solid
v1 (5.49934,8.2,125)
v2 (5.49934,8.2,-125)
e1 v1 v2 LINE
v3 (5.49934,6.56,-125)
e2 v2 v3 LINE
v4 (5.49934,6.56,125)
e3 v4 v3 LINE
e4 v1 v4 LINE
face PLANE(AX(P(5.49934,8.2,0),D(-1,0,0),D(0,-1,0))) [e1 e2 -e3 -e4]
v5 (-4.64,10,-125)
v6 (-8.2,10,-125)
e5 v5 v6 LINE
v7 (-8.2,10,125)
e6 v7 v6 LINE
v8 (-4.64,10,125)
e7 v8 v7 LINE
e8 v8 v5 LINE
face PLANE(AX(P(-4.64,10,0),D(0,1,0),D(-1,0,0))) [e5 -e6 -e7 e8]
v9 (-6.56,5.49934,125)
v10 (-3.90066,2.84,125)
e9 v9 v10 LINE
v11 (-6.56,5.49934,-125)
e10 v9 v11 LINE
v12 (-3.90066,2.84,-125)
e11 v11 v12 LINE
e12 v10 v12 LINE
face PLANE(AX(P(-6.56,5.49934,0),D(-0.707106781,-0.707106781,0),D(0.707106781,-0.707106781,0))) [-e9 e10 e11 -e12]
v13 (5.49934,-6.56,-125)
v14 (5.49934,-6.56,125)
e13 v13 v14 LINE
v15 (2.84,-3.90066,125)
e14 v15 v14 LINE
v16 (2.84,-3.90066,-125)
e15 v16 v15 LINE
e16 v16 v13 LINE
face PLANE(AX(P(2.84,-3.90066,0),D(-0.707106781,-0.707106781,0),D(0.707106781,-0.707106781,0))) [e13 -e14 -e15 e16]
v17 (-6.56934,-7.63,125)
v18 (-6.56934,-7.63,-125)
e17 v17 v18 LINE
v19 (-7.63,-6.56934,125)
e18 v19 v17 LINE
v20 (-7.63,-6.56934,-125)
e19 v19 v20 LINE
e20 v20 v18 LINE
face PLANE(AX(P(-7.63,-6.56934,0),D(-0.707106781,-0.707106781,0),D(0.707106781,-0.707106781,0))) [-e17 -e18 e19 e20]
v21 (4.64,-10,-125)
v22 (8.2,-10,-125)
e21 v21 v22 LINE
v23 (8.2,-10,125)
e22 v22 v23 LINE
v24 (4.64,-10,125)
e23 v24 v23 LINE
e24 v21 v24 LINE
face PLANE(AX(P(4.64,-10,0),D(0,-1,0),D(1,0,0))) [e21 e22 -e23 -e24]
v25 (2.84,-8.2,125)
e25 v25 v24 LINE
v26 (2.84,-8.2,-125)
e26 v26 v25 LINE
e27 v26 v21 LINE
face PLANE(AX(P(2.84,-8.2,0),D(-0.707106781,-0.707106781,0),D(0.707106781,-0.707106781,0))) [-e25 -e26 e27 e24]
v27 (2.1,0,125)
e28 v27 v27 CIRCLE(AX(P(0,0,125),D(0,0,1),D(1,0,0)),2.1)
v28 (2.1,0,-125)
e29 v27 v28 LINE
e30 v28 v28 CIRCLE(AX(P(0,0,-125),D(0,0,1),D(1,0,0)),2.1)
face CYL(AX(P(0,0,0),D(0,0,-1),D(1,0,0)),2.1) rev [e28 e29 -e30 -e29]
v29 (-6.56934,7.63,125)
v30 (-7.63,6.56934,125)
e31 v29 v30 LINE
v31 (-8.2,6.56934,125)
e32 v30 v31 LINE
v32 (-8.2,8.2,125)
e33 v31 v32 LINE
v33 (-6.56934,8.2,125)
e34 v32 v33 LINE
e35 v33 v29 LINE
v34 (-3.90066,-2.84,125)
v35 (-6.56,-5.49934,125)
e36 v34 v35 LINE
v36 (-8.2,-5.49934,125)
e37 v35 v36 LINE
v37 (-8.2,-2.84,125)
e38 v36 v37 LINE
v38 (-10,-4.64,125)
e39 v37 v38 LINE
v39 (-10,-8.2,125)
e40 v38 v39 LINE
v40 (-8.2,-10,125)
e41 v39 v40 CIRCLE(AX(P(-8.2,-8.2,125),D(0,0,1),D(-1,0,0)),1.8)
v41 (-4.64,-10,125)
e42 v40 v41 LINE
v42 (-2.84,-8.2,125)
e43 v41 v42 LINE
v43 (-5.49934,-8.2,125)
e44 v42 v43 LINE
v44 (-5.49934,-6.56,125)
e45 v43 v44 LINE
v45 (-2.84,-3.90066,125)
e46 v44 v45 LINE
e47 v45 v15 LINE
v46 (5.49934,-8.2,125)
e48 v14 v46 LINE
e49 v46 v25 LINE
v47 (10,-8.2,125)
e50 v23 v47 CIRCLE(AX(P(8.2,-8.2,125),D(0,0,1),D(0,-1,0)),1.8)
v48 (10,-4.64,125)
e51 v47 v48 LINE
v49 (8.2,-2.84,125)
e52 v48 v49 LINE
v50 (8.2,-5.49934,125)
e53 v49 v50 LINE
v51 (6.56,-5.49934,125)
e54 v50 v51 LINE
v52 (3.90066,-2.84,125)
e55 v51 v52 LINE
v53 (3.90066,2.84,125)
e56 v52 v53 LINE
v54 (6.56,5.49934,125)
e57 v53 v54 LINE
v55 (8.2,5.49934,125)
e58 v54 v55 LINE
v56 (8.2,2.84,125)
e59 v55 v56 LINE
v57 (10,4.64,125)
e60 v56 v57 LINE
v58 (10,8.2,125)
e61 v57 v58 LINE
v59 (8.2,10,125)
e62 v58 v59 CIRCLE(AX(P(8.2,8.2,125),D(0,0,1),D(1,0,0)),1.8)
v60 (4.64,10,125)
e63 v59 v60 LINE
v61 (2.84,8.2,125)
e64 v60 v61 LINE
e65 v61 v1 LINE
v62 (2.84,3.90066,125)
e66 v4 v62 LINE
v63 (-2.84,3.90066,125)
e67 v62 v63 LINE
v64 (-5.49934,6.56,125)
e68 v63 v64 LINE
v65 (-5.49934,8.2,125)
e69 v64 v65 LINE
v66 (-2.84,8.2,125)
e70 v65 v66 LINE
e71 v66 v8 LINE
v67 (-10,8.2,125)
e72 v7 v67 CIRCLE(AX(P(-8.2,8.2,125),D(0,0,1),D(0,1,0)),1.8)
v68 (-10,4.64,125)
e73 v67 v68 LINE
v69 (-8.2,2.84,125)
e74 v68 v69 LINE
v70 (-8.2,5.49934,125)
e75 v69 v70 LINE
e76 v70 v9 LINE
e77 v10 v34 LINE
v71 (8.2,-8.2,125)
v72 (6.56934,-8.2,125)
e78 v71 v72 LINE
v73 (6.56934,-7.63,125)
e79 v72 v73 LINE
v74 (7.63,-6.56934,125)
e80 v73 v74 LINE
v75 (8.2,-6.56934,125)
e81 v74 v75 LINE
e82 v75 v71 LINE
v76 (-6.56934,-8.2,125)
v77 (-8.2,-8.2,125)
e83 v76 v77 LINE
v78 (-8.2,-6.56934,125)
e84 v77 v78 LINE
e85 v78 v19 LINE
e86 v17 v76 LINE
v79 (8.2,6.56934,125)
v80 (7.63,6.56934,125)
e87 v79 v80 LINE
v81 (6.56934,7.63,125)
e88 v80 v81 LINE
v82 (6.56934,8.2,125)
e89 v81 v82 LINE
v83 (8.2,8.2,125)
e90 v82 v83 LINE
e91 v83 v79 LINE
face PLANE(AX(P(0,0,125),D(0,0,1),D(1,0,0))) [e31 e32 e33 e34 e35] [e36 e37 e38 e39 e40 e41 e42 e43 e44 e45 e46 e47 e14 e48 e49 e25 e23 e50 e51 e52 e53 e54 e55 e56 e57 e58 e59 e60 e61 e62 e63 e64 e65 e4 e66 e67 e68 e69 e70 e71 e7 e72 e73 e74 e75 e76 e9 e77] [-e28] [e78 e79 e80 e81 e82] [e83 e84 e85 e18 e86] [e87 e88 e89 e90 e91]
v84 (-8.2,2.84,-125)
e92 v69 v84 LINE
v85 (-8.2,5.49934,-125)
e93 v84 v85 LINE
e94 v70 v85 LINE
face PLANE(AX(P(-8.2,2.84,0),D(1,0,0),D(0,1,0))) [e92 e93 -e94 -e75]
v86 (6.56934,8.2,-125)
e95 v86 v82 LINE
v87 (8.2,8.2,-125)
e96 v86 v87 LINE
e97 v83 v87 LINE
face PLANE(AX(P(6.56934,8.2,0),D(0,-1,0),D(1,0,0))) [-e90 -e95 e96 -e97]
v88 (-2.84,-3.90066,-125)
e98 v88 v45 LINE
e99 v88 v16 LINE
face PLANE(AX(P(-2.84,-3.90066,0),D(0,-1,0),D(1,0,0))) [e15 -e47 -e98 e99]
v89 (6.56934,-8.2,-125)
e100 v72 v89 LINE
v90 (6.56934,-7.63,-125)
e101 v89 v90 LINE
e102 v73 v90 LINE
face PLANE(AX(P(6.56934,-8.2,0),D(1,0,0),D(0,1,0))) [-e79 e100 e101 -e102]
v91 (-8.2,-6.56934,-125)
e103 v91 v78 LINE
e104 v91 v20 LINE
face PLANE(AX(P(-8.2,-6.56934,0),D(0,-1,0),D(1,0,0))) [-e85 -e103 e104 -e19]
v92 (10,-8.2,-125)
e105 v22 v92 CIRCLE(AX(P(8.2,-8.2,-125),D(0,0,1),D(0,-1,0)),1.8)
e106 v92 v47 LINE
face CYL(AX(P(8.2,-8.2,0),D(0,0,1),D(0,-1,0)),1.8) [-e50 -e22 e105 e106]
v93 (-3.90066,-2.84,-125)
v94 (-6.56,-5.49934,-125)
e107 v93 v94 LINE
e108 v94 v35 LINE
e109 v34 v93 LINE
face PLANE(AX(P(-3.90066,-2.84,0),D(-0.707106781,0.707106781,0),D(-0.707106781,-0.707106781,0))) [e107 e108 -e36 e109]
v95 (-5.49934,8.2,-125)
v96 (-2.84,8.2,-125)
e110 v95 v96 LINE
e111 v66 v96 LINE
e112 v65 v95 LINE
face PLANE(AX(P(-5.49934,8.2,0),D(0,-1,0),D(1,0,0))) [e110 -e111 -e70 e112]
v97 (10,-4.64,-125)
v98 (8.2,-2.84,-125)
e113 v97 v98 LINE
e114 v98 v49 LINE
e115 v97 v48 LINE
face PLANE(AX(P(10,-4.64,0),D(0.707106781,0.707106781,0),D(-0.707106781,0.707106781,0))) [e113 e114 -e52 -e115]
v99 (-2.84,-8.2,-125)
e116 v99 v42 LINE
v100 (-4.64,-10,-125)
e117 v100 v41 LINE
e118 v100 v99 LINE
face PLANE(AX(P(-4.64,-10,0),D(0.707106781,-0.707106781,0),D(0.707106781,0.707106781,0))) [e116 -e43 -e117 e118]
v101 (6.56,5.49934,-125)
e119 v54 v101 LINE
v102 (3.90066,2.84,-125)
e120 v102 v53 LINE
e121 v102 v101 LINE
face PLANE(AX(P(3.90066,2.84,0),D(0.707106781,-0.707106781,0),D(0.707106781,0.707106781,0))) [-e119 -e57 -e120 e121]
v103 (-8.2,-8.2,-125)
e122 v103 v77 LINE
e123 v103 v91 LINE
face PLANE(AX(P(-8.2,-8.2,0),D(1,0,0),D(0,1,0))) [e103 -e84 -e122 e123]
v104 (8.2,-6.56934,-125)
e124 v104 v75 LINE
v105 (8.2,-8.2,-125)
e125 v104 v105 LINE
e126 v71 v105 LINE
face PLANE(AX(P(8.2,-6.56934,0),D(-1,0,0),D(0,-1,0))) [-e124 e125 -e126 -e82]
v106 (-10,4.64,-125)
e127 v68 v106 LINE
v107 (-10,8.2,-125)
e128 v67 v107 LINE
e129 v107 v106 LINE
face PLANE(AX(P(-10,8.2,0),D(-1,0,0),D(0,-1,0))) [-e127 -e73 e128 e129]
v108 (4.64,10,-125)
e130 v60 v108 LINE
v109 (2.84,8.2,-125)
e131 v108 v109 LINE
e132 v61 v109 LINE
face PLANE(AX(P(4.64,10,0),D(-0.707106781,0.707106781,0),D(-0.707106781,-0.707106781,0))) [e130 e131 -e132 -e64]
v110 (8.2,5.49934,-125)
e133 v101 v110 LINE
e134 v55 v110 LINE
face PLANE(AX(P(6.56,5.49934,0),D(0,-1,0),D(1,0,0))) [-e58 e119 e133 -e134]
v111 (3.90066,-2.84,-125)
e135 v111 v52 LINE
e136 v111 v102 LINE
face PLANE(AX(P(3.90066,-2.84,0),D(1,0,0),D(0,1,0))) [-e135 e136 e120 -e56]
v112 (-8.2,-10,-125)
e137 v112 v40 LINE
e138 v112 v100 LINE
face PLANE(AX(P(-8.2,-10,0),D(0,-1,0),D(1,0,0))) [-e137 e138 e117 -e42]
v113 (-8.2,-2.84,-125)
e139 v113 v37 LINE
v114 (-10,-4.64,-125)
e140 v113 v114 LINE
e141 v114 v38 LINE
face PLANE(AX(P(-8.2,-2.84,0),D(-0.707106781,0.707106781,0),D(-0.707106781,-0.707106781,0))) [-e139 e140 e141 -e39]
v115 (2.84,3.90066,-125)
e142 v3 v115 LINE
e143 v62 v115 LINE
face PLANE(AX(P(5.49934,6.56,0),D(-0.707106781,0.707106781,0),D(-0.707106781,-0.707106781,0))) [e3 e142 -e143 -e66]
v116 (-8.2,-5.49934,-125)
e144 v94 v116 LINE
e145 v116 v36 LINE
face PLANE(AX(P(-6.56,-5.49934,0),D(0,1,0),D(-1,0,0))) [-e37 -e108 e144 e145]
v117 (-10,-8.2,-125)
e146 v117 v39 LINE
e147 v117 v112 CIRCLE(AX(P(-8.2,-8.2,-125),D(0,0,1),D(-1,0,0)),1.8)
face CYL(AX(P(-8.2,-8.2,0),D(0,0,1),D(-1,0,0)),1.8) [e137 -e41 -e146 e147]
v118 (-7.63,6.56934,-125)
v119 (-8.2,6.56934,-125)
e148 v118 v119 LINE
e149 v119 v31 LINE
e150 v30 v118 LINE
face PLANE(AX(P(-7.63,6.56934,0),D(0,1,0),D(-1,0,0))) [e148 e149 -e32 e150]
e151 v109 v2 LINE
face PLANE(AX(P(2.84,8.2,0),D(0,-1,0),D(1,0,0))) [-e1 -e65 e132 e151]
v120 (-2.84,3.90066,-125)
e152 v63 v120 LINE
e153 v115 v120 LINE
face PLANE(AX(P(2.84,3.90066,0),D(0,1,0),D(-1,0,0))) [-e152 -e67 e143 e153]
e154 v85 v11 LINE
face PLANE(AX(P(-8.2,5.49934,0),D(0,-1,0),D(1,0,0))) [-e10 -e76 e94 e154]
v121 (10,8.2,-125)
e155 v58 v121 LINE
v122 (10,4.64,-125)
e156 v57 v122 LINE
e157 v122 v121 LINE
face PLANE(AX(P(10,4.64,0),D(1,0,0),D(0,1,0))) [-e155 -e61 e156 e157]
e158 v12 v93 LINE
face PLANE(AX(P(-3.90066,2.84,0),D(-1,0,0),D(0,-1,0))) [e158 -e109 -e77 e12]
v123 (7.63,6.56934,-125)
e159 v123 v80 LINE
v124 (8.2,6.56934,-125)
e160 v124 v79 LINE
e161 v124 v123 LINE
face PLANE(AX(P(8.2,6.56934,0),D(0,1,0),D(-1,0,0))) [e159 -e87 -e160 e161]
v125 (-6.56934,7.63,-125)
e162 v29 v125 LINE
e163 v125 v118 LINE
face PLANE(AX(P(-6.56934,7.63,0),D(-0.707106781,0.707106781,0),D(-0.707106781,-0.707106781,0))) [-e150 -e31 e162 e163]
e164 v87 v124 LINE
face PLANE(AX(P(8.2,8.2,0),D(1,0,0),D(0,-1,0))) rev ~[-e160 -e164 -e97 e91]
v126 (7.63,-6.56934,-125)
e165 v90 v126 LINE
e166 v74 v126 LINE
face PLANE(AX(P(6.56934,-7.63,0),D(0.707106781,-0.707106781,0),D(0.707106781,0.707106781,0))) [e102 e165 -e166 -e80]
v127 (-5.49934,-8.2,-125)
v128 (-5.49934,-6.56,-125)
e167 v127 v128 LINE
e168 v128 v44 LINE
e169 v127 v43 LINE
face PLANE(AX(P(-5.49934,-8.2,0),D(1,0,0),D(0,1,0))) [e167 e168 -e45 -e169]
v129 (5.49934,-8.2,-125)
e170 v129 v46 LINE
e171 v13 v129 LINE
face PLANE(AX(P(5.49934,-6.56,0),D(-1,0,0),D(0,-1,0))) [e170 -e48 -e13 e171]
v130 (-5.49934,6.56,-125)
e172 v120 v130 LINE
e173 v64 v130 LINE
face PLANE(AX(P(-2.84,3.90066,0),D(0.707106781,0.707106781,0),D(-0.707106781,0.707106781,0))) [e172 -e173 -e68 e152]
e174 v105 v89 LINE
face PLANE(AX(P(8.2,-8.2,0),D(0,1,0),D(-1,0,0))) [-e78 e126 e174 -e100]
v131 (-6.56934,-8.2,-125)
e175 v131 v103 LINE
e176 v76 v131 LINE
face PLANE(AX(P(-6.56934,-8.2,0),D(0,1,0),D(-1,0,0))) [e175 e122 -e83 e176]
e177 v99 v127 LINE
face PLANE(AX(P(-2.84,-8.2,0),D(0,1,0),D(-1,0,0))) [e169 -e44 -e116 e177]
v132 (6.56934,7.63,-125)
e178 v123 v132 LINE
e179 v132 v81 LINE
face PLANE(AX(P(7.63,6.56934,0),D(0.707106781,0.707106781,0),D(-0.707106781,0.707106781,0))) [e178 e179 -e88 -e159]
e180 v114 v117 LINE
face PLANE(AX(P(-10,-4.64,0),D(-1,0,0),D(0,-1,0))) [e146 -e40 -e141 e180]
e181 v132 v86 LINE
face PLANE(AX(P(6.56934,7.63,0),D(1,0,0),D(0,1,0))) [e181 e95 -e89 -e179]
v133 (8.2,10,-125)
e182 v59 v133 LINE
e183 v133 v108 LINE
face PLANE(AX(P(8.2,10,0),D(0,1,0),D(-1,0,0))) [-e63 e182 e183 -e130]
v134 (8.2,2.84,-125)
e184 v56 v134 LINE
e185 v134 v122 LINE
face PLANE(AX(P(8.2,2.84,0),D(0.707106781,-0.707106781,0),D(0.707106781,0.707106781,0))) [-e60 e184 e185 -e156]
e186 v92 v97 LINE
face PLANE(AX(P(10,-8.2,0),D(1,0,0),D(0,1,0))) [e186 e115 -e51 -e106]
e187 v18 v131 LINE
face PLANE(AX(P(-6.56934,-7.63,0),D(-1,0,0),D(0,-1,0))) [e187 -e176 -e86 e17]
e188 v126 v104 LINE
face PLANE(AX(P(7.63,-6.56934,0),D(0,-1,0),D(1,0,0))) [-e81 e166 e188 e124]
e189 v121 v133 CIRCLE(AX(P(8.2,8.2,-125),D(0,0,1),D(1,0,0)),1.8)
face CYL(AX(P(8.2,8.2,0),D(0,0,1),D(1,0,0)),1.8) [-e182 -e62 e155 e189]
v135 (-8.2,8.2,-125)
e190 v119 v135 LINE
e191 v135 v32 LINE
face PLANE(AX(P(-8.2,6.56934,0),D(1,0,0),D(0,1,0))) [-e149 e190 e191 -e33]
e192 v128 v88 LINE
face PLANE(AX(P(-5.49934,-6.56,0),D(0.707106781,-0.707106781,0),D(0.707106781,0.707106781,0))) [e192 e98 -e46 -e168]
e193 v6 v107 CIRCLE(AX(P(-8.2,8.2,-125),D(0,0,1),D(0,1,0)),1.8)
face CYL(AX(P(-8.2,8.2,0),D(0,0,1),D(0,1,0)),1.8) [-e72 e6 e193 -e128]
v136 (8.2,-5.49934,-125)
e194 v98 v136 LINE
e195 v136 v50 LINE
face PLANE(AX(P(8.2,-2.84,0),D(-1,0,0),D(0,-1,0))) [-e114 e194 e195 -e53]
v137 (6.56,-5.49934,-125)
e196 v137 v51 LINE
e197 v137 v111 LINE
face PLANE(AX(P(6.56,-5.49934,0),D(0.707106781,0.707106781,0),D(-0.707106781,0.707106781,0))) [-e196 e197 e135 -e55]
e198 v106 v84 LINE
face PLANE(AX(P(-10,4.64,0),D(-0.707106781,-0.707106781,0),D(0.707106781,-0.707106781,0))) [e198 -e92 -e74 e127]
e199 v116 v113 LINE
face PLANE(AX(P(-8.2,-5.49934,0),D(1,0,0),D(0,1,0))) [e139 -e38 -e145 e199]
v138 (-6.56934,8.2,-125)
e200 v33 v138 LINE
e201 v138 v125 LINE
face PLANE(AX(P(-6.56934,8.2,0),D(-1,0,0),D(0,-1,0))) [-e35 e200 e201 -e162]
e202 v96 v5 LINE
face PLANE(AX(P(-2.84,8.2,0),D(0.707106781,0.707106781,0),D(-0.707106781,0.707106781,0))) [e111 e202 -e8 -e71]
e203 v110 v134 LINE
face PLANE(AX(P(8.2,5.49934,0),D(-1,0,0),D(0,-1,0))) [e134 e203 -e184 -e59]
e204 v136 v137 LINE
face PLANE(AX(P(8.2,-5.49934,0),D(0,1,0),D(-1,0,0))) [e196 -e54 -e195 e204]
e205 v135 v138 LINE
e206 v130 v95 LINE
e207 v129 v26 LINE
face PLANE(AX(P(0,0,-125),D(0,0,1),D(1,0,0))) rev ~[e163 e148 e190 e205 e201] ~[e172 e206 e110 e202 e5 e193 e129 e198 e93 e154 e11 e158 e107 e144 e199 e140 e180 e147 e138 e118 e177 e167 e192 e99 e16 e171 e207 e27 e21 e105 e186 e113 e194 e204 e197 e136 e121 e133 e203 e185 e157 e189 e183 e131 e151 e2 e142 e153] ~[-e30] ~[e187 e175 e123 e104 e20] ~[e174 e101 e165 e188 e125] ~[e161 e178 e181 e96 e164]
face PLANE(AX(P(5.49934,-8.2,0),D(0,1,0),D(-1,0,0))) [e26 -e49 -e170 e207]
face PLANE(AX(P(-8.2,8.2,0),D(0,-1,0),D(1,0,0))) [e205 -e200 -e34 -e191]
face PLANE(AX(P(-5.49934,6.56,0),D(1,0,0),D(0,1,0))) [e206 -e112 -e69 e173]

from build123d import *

# Parameters (mm, degrees)
ESQUISSE1_R        = 2.1
BOSS_EXTRU_2_DEPTH = 125


with BuildPart() as part:
    # Esquisse1 → Boss.-Extru.2 (new, symmetric)
    with BuildSketch(Plane.XY):
        with BuildLine():
            Line((-3.900660172, 0), (-3.900660172, -2.84))
            Line((-3.900660172, -2.84), (-6.56, -5.499339828))
            Line((-6.56, -5.499339828), (-8.2, -5.499339828))
            Line((-8.2, -5.499339828), (-8.2, -2.84))
            Line((-8.2, -2.84), (-10, -4.64))
            Line((-10, -4.64), (-10, -8.2))
            ThreePointArc((-10, -8.2), (-9.472792206, -9.472792206), (-8.2, -10))
            Line((-8.2, -10), (-4.64, -10))
            Line((-4.64, -10), (-2.84, -8.2))
            Line((-2.84, -8.2), (-5.499339828, -8.2))
            Line((-5.499339828, -8.2), (-5.499339828, -6.56))
            Line((-5.499339828, -6.56), (-2.84, -3.900660172))
            Line((-2.84, -3.900660172), (0, -3.900660172))
            Line((0, -3.900660172), (2.84, -3.900660172))
            Line((2.84, -3.900660172), (5.499339828, -6.56))
            Line((5.499339828, -6.56), (5.499339828, -8.2))
            Line((5.499339828, -8.2), (2.84, -8.2))
            Line((2.84, -8.2), (4.64, -10))
            Line((4.64, -10), (8.2, -10))
            ThreePointArc((8.2, -10), (9.472792206, -9.472792206), (10, -8.2))
            Line((10, -8.2), (10, -4.64))
            Line((10, -4.64), (8.2, -2.84))
            Line((8.2, -2.84), (8.2, -5.499339828))
            Line((8.2, -5.499339828), (6.56, -5.499339828))
            Line((6.56, -5.499339828), (3.900660172, -2.84))
            Line((3.900660172, -2.84), (3.900660172, 0))
            Line((3.900660172, 0), (3.900660172, 2.84))
            Line((3.900660172, 2.84), (6.56, 5.499339828))
            Line((6.56, 5.499339828), (8.2, 5.499339828))
            Line((8.2, 5.499339828), (8.2, 2.84))
            Line((8.2, 2.84), (10, 4.64))
            Line((10, 4.64), (10, 8.2))
            ThreePointArc((10, 8.2), (9.472792206, 9.472792206), (8.2, 10))
            Line((8.2, 10), (4.64, 10))
            Line((4.64, 10), (2.84, 8.2))
            Line((2.84, 8.2), (5.499339828, 8.2))
            Line((5.499339828, 8.2), (5.499339828, 6.56))
            Line((5.499339828, 6.56), (2.84, 3.900660172))
            Line((2.84, 3.900660172), (0, 3.900660172))
            Line((0, 3.900660172), (-2.84, 3.900660172))
            Line((-2.84, 3.900660172), (-5.499339828, 6.56))
            Line((-5.499339828, 6.56), (-5.499339828, 8.2))
            Line((-5.499339828, 8.2), (-2.84, 8.2))
            Line((-2.84, 8.2), (-4.64, 10))
            Line((-4.64, 10), (-8.2, 10))
            ThreePointArc((-8.2, 10), (-9.472792206, 9.472792206), (-10, 8.2))
            Line((-10, 8.2), (-10, 4.64))
            Line((-10, 4.64), (-8.2, 2.84))
            Line((-8.2, 2.84), (-8.2, 5.499339828))
            Line((-8.2, 5.499339828), (-6.56, 5.499339828))
            Line((-6.56, 5.499339828), (-3.900660172, 2.84))
            Line((-3.900660172, 2.84), (-3.900660172, 0))
        make_face()
        Circle(ESQUISSE1_R, mode=Mode.SUBTRACT)
        Polygon((-8.2, -8.2), (-8.2, -6.569339828), (-7.63, -6.569339828), (-6.569339828, -7.63), (-6.569339828, -8.2), align=None, mode=Mode.SUBTRACT)
        Polygon((-8.2, 6.569339828), (-8.2, 8.2), (-6.569339828, 8.2), (-6.569339828, 7.63), (-7.63, 6.569339828), align=None, mode=Mode.SUBTRACT)
        Polygon((6.569339828, 8.2), (8.2, 8.2), (8.2, 6.569339828), (7.63, 6.569339828), (6.569339828, 7.63), align=None, mode=Mode.SUBTRACT)
        Polygon((8.2, -6.569339828), (8.2, -8.2), (6.569339828, -8.2), (6.569339828, -7.63), (7.63, -6.569339828), align=None, mode=Mode.SUBTRACT)
    extrude(amount=BOSS_EXTRU_2_DEPTH, both=True)


solid = part.part
